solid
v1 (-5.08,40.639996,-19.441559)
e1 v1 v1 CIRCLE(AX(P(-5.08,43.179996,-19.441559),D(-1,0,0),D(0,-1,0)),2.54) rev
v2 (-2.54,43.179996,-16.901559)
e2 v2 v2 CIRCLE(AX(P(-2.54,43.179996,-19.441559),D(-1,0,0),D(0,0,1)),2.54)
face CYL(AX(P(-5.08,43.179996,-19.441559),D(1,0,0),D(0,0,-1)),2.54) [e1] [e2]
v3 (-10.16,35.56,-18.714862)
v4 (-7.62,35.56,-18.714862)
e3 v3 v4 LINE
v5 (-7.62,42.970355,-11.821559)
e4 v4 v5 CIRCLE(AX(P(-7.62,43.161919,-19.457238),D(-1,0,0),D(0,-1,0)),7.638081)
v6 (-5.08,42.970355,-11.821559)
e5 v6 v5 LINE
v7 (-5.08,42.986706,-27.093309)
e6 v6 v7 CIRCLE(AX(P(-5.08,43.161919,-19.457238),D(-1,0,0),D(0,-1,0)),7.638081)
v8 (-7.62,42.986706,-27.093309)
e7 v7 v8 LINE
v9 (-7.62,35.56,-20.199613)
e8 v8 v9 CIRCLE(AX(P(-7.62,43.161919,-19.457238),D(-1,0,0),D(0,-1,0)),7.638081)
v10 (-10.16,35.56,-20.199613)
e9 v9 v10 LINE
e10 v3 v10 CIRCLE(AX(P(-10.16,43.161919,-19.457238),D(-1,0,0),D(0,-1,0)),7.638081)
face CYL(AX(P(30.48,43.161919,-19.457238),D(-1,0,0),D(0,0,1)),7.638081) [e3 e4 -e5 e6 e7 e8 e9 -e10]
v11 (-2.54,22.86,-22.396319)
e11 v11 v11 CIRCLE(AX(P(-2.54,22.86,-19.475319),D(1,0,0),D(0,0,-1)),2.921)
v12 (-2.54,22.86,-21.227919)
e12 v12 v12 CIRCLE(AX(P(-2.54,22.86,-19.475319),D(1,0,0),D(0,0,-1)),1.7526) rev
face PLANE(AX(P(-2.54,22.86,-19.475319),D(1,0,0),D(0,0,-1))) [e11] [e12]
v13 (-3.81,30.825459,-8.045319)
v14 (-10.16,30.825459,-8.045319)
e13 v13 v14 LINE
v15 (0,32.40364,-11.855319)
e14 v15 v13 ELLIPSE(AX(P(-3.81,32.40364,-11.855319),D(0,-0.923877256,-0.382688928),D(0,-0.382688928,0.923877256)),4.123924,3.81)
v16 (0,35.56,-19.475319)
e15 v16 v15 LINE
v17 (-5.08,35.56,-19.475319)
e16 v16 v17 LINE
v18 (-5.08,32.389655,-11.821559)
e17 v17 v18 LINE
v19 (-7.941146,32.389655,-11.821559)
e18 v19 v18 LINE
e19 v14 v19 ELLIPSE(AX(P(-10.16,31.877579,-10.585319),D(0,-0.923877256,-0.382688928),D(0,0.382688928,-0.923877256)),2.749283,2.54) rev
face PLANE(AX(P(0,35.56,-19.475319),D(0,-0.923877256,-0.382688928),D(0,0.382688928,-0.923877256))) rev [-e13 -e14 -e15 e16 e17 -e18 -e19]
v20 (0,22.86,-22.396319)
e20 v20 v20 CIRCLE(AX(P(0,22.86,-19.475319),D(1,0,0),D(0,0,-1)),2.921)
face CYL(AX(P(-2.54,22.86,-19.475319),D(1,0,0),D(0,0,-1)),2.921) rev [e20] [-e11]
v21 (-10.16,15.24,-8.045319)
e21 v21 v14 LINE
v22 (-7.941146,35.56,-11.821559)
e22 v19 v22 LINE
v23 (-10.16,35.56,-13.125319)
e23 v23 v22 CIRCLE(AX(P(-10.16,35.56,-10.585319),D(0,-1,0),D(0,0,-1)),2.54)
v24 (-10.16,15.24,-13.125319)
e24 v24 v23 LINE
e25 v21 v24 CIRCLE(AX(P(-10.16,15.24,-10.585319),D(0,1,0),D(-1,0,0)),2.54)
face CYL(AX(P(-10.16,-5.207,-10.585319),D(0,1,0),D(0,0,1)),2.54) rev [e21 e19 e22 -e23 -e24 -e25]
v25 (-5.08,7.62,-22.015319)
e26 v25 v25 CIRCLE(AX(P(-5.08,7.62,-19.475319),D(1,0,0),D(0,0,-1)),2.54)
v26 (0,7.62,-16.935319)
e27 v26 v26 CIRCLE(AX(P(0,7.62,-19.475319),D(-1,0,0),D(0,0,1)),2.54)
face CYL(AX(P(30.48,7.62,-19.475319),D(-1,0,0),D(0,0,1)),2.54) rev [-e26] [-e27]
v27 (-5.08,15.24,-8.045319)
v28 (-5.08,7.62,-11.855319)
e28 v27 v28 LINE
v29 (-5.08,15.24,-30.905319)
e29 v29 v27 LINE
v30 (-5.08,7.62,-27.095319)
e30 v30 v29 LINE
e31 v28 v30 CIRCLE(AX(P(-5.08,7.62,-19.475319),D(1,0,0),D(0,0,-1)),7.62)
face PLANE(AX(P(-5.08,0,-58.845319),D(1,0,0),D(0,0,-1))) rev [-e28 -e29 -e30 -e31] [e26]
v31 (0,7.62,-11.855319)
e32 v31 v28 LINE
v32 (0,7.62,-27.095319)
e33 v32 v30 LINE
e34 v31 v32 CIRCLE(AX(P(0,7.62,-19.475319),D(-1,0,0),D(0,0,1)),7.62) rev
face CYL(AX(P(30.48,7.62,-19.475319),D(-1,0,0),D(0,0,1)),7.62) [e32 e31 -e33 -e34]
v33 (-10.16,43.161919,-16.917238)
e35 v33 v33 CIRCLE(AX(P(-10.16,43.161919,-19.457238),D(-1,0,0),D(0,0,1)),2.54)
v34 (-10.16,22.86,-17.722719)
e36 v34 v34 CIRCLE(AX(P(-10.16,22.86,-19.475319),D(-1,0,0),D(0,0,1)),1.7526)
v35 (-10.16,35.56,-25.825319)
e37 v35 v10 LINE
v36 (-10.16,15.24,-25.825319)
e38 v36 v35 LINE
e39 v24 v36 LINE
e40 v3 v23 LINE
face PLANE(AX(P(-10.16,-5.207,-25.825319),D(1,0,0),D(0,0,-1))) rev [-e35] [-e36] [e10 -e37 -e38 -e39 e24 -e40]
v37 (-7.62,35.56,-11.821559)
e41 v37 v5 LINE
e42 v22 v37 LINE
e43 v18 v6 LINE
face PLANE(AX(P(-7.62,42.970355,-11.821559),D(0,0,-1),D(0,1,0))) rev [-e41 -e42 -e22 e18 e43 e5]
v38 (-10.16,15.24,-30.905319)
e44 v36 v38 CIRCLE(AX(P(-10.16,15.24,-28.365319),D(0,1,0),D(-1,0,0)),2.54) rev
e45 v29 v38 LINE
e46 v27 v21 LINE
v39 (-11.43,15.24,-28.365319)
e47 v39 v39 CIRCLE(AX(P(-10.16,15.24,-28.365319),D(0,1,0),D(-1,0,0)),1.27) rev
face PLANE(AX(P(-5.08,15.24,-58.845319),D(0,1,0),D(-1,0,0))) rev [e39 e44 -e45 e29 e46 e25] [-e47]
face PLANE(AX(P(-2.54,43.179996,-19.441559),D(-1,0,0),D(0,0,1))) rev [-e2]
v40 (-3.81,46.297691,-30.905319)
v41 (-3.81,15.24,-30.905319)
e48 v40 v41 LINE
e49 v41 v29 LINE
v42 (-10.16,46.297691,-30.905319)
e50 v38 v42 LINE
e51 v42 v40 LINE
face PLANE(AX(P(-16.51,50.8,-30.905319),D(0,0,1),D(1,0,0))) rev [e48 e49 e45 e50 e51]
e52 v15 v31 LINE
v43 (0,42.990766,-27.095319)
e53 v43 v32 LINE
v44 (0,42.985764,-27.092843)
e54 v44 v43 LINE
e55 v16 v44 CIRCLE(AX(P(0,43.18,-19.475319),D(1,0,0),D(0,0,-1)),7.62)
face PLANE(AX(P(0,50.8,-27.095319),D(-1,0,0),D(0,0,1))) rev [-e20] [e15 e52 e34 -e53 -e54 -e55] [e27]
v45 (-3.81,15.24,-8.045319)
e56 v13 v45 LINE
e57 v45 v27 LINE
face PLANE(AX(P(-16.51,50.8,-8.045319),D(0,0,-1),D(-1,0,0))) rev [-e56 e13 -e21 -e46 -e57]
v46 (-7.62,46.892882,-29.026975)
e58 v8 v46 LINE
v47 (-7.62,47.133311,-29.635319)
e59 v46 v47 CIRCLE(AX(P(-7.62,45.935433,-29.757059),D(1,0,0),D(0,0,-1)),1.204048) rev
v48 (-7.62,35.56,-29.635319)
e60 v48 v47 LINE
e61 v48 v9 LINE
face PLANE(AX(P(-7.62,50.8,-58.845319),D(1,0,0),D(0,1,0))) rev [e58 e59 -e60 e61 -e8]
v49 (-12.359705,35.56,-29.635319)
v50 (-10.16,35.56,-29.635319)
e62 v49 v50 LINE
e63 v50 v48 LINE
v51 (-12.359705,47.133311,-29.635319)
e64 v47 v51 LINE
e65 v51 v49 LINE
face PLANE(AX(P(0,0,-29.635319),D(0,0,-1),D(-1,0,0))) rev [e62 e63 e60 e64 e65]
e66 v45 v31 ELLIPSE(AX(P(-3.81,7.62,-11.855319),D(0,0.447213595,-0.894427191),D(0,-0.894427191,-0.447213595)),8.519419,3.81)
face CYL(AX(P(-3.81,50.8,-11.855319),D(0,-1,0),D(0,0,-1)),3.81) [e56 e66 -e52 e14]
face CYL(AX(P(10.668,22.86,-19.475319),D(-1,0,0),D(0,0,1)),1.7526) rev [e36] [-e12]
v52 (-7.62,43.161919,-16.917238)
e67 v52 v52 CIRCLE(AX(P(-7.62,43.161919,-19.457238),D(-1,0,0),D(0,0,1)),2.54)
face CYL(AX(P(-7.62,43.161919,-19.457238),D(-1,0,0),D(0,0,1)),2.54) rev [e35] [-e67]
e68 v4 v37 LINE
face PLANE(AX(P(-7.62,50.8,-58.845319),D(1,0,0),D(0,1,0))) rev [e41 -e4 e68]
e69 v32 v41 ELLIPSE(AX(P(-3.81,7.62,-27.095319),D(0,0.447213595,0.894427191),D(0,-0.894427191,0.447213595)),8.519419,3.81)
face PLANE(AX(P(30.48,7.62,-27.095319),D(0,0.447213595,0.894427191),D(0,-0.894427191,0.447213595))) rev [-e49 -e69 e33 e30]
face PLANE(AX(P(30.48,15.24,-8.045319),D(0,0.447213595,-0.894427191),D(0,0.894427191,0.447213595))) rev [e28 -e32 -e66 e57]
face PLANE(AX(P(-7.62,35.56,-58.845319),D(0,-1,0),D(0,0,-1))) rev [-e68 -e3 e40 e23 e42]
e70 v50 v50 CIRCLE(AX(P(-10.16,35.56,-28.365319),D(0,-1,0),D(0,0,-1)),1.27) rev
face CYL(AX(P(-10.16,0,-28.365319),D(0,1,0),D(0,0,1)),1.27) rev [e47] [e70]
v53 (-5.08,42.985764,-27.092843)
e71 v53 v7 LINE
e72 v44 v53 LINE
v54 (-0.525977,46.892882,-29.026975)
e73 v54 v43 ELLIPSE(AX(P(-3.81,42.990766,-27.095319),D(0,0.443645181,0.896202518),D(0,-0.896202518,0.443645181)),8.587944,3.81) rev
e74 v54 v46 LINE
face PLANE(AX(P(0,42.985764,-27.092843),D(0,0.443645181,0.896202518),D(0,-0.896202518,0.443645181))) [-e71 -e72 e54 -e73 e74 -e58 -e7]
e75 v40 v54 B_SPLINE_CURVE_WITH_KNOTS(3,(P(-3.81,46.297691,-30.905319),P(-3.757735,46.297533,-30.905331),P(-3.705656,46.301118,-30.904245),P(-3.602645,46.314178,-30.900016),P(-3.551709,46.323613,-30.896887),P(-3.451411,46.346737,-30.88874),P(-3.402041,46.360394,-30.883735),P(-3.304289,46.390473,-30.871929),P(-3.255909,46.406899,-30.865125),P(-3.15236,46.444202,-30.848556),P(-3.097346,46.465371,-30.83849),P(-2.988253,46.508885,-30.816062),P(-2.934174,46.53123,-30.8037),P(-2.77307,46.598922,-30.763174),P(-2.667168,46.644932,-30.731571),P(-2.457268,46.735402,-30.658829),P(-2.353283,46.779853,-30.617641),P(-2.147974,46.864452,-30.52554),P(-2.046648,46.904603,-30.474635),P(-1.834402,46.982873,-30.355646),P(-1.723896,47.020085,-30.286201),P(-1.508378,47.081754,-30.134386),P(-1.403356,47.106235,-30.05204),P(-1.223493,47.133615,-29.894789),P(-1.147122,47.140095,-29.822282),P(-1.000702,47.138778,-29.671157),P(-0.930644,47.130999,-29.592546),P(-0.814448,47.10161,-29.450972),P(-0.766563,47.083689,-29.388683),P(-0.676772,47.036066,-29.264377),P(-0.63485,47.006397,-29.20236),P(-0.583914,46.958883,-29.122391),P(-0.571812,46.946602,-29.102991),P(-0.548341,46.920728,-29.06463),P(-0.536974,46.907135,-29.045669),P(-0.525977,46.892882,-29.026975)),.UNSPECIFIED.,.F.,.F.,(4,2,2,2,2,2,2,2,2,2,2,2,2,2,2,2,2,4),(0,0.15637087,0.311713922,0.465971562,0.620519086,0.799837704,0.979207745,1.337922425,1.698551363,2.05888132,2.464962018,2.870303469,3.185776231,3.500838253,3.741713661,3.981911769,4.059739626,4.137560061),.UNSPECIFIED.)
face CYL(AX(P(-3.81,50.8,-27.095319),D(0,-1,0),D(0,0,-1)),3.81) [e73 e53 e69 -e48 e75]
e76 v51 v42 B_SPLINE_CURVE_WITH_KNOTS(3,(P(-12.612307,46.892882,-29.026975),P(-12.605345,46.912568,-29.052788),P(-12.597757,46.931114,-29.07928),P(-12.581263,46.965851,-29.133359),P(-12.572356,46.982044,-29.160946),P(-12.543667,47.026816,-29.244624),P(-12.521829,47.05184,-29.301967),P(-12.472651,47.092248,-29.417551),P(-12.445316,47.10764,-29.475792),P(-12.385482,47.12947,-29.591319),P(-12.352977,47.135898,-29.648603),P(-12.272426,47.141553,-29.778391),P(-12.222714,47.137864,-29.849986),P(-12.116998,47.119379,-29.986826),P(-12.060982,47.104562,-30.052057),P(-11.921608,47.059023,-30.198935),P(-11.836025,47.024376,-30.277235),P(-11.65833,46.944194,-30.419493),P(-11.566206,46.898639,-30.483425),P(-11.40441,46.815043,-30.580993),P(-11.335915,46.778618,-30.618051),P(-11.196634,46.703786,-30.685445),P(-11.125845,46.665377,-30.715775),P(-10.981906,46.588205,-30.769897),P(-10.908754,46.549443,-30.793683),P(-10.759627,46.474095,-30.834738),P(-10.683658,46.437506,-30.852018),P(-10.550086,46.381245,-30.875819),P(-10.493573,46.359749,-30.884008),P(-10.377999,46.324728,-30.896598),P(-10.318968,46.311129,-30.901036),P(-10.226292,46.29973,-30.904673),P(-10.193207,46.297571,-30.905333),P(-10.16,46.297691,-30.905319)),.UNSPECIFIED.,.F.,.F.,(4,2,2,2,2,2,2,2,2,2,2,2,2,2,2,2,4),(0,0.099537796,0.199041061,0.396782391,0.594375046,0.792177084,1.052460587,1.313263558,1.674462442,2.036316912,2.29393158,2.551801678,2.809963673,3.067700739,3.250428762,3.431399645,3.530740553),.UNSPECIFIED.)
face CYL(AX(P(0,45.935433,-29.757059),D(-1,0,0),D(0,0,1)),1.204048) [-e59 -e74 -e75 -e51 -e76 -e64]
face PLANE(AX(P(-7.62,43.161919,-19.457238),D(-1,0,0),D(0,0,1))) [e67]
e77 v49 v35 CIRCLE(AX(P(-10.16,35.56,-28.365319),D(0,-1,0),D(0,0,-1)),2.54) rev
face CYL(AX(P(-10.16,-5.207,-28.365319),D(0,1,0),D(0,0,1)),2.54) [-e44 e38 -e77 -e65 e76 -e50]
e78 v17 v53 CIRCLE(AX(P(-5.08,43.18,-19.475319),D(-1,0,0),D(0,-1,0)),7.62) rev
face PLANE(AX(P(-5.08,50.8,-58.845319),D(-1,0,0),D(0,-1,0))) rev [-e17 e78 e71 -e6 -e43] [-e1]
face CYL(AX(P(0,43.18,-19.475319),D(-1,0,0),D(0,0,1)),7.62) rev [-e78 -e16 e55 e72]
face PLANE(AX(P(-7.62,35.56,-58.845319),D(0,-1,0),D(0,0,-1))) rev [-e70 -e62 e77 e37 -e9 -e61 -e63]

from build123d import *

# Parameters (mm, degrees)
BOSS_EXTRUDE1_DEPTH = 50.8
SKETCH3_R           = 1.27
CUT_EXTRUDE2_DEPTH  = 50.8
CUT_EXTRUDE1_DEPTH  = 50.8
CUT_EXTRUDE6_DEPTH  = 50.8
BOSS_EXTRUDE3_DEPTH = 20.32
SKETCH4_W           = 10.16
SKETCH4_H           = 15.24
CUT_EXTRUDE3_DEPTH  = 50.8
SKETCH5_R           = 2.54
CUT_EXTRUDE5_DEPTH  = 50.8
SKETCH8_R           = 2.54
BOSS_EXTRUDE2_DEPTH = 2.54
LPATTERN1_COUNT     = 2
LPATTERN1_PITCH     = 12.7
CUT_EXTRUDE7_DEPTH  = 20.32
SKETCH12_W          = 5.08
SKETCH12_H          = 19.941398178
CUT_EXTRUDE8_DEPTH  = 21.59
CUT_EXTRUDE9_DEPTH  = 5.08
LPATTERN2_COUNT     = 2
LPATTERN2_PITCH     = 15.24
CUT_EXTRUDE10_DEPTH = 40.767
BOSS_EXTRUDE4_START = 2.54
SKETCH16_R          = 7.638081415
BOSS_EXTRUDE4_DEPTH = 2.54
SKETCH17_R          = 2.54
CUT_EXTRUDE11_DEPTH = 2.54
SKETCH23_W          = 3.776239755
SKETCH23_H          = 7.410355269
CUT_EXTRUDE16_DEPTH = 2.54
CUT_EXTRUDE17_DEPTH = 9.906
SKETCH25_R          = 1.7526
CUT_EXTRUDE18_DEPTH = 20.828
SKETCH26_R          = 2.921
CUT_EXTRUDE19_DEPTH = 2.54


with BuildPart() as part:
    # Sketch1 → Boss-Extrude1 (new body)
    with BuildSketch(Plane(origin=(0, 0, 0), x_dir=(1, 0, 0), z_dir=(0, 1, 0))):
        with BuildLine():
            Line((-20.32, 27.095319289), (-20.32, 11.855319289))
            ThreePointArc((-20.32, 11.855319289), (-19.204076836, 9.161242453), (-16.51, 8.045319289))
            Line((-16.51, 8.045319289), (-3.81, 8.045319289))
            ThreePointArc((-3.81, 8.045319289), (-1.115923164, 9.161242453), (0, 11.855319289))
            Line((0, 11.855319289), (0, 27.095319289))
            ThreePointArc((0, 27.095319289), (-1.115923164, 29.789396126), (-3.81, 30.905319289))
            Line((-3.81, 30.905319289), (-16.51, 30.905319289))
            ThreePointArc((-16.51, 30.905319289), (-19.204076836, 29.789396126), (-20.32, 27.095319289))
        make_face()
    extrude(amount=BOSS_EXTRUDE1_DEPTH)

    # Sketch3 → Cut-Extrude2 (cut)
    with BuildSketch(Plane(origin=(0, 50.8, 0), x_dir=(1, 0, 0), z_dir=(0, 1, 0))):
        with Locations(Location((-10.16, 10.585319289, 0), (0, 0, 270))):
            Circle(SKETCH3_R)
        with Locations(Location((-10.16, 28.365319289, 0), (0, 0, 270))):
            Circle(SKETCH3_R)
    extrude(amount=-CUT_EXTRUDE2_DEPTH, mode=Mode.SUBTRACT)

    # Sketch2 → Cut-Extrude1 (cut)
    with BuildSketch(Plane.ZY.offset(20.32)):
        with BuildLine():
            Line((-27.095319289, 7.62), (-30.905319289, 15.24))
            Line((-30.905319289, 15.24), (-30.905319289, -5.08))
            Line((-30.905319289, -5.08), (-8.045319289, -5.08))
            Line((-8.045319289, -5.08), (-8.045319289, 15.24))
            Line((-8.045319289, 15.24), (-11.855319289, 7.62))
            ThreePointArc((-11.855319289, 7.62), (-19.475319289, 0), (-27.095319289, 7.62))
        make_face()
        with BuildLine():
            Line((-11.821559044, 42.970355269), (-8.045319289, 35.56))
            Line((-8.045319289, 35.56), (-8.045319289, 55.88))
            Line((-8.045319289, 55.88), (-30.905319289, 55.88))
            Line((-30.905319289, 55.88), (-30.905319289, 35.56))
            Line((-30.905319289, 35.56), (-27.092422036, 42.951560486))
            ThreePointArc((-27.092422036, 42.951560486), (-19.46663852, 50.799994215), (-11.821559044, 42.970355269))
        make_face()
    extrude(amount=-CUT_EXTRUDE1_DEPTH, mode=Mode.SUBTRACT)

    # Sketch7 → Cut-Extrude6 (cut)
    with BuildSketch(Plane.XY.offset(-8.045319289)):
        Polygon((-15.24, 50.8), (-12.7, 50.8), (-12.7, 35.56), (-7.62, 35.56), (-7.62, 50.8), (-5.08, 50.8), (-5.08, 35.56), (0, 35.56), (0, 59.156438057), (-20.32, 59.156438057), (-20.32, 35.56), (-15.24, 35.56), align=None)
    extrude(amount=-CUT_EXTRUDE6_DEPTH, mode=Mode.SUBTRACT)

    # Sketch9 → Boss-Extrude3 (add)
    with BuildSketch(Plane.ZY.offset(20.32)):
        with BuildLine():
            Line((-19.475319289, 35.56), (-30.961107471, 35.56))
            Line((-30.961107471, 35.56), (-30.961107471, 45.935432902))
            ThreePointArc((-30.961107471, 45.935432902), (-30.291229548, 47.014503778), (-29.026975399, 46.892882091))
            Line((-29.026975399, 46.892882091), (-27.092843326, 42.985764183))
            ThreePointArc((-27.092843326, 42.985764183), (-24.794356941, 37.723605727), (-19.475319289, 35.56))
        make_face()
    extrude(amount=-BOSS_EXTRUDE3_DEPTH)

    # Sketch4 → Cut-Extrude3 (cut)
    with BuildSketch(Plane.XY.offset(-8.045319289)):
        with Locations((-10.16, 7.62)):
            Rectangle(SKETCH4_W, SKETCH4_H)
    extrude(amount=-CUT_EXTRUDE3_DEPTH, mode=Mode.SUBTRACT)

    # Sketch5 → Cut-Extrude5 (cut)
    with BuildSketch(Plane.ZY.offset(20.32)):
        with Locations((-19.475319289, 7.62)):
            Circle(SKETCH5_R)
    extrude(amount=-CUT_EXTRUDE5_DEPTH, mode=Mode.SUBTRACT)

    # Sketch8 → Boss-Extrude2 (add)
    with BuildSketch(Plane.ZY.offset(15.24)):
        with Locations(Location((-19.441559044, 43.179995622, 0), (0, 0, 180))):
            Circle(SKETCH8_R)
    boss_extrude2 = extrude(amount=BOSS_EXTRUDE2_DEPTH)

    # LPattern1: Boss-Extrude2 ×2
    with Locations(*[(i * LPATTERN1_PITCH, 0, 0) for i in range(1, LPATTERN1_COUNT)]):
        add(boss_extrude2)

    # Sketch10 → Cut-Extrude7 (cut)
    with BuildSketch(Plane.XZ.offset(-35.56)):
        with BuildLine():
            Line((-16.51, -30.905319289), (-3.81, -30.905319289))
            ThreePointArc((-3.81, -30.905319289), (-1.115923164, -29.789396126), (0, -27.095319289))
            Line((0, -27.095319289), (5.770912039, -37.258829719))
            Line((5.770912039, -37.258829719), (-26.797758959, -37.890739908))
            Line((-26.797758959, -37.890739908), (-20.32, -27.095319289))
            ThreePointArc((-20.32, -27.095319289), (-19.204076836, -29.789396126), (-16.51, -30.905319289))
        make_face()
    extrude(amount=-CUT_EXTRUDE7_DEPTH, mode=Mode.SUBTRACT)

    # Sketch12 → Cut-Extrude8 (cut)
    with BuildSketch(Plane.XY.offset(-8.045319289)):
        with Locations((-10.16, 45.530699089)):
            Rectangle(SKETCH12_W, SKETCH12_H)
    extrude(amount=-CUT_EXTRUDE8_DEPTH, mode=Mode.SUBTRACT)

    # Sketch13 → Cut-Extrude9 (cut)
    with BuildSketch(Plane.ZY.offset(20.32)):
        Polygon((-19.475319289, 35.56), (-8.045319289, 30.82545932), (-1.320705488, 30.82545932), (-1.320705488, 35.56), align=None)
    cut_extrude9 = extrude(amount=-CUT_EXTRUDE9_DEPTH, mode=Mode.SUBTRACT)

    # LPattern2: Cut-Extrude9 ×2
    with Locations(*[(i * LPATTERN2_PITCH, 0, 0) for i in range(1, LPATTERN2_COUNT)]):
        add(cut_extrude9, mode=Mode.SUBTRACT)

    # Sketch15 → Cut-Extrude10 (cut, symmetric)
    with BuildSketch(Plane(origin=(0, 35.56, 0), x_dir=(1, 0, 0), z_dir=(0, 1, 0))):
        with BuildLine():
            Line((-10.16, 25.825319289), (-10.16, 13.125319289))
            ThreePointArc((-10.16, 13.125319289), (-7.62, 10.585319289), (-10.16, 8.045319289))
            Line((-10.16, 8.045319289), (-39.973745678, -4.467023153))
            Line((-39.973745678, -4.467023153), (-44.095820535, 43.963158694))
            Line((-44.095820535, 43.963158694), (-10.16, 30.905319289))
            ThreePointArc((-10.16, 30.905319289), (-12.7, 28.365319289), (-10.16, 25.825319289))
        make_face()
    extrude(amount=CUT_EXTRUDE10_DEPTH, both=True, mode=Mode.SUBTRACT)

    # Sketch16 → Boss-Extrude4 (add)
    with BuildSketch(Plane.ZY.offset(7.62).offset(BOSS_EXTRUDE4_START)):
        with Locations((-19.457237874, 43.161918585)):
            Circle(SKETCH16_R)
    extrude(amount=-BOSS_EXTRUDE4_DEPTH)

    # Sketch17 → Cut-Extrude11 (cut)
    with BuildSketch(Plane.ZY.offset(10.16)):
        with Locations((-19.457237874, 43.161918585)):
            Circle(SKETCH17_R)
    extrude(amount=-CUT_EXTRUDE11_DEPTH, mode=Mode.SUBTRACT)

    # Sketch23 → Cut-Extrude16 (cut)
    with BuildSketch(Plane(origin=(-5.08, 0, 0), x_dir=(0, 0, -1), z_dir=(1, 0, 0))):
        with Locations((9.933439167, 39.265177635)):
            Rectangle(SKETCH23_W, SKETCH23_H)
    extrude(amount=-CUT_EXTRUDE16_DEPTH, mode=Mode.SUBTRACT)

    # Sketch24 → Cut-Extrude17 (cut)
    with BuildSketch(Plane(origin=(-5.08, 0, 0), x_dir=(0, 0, -1), z_dir=(1, 0, 0))):
        Polygon((8.045319289, 35.56), (11.821559044, 35.56), (11.821559044, 32.38965536), (8.045319289, 30.82545932), align=None)
    extrude(amount=-CUT_EXTRUDE17_DEPTH, mode=Mode.SUBTRACT)

    # Sketch25 → Cut-Extrude18 (cut)
    with BuildSketch(Plane.ZY.offset(10.16)):
        with Locations((-19.475319289, 22.86)):
            Circle(SKETCH25_R)
    extrude(amount=-CUT_EXTRUDE18_DEPTH, mode=Mode.SUBTRACT)

    # Sketch26 → Cut-Extrude19 (cut)
    with BuildSketch(Plane(origin=(0, 0, 0), x_dir=(0, 0, -1), z_dir=(1, 0, 0))):
        with Locations((19.475319289, 22.86)):
            Circle(SKETCH26_R)
    extrude(amount=-CUT_EXTRUDE19_DEPTH, mode=Mode.SUBTRACT)


solid = part.part
